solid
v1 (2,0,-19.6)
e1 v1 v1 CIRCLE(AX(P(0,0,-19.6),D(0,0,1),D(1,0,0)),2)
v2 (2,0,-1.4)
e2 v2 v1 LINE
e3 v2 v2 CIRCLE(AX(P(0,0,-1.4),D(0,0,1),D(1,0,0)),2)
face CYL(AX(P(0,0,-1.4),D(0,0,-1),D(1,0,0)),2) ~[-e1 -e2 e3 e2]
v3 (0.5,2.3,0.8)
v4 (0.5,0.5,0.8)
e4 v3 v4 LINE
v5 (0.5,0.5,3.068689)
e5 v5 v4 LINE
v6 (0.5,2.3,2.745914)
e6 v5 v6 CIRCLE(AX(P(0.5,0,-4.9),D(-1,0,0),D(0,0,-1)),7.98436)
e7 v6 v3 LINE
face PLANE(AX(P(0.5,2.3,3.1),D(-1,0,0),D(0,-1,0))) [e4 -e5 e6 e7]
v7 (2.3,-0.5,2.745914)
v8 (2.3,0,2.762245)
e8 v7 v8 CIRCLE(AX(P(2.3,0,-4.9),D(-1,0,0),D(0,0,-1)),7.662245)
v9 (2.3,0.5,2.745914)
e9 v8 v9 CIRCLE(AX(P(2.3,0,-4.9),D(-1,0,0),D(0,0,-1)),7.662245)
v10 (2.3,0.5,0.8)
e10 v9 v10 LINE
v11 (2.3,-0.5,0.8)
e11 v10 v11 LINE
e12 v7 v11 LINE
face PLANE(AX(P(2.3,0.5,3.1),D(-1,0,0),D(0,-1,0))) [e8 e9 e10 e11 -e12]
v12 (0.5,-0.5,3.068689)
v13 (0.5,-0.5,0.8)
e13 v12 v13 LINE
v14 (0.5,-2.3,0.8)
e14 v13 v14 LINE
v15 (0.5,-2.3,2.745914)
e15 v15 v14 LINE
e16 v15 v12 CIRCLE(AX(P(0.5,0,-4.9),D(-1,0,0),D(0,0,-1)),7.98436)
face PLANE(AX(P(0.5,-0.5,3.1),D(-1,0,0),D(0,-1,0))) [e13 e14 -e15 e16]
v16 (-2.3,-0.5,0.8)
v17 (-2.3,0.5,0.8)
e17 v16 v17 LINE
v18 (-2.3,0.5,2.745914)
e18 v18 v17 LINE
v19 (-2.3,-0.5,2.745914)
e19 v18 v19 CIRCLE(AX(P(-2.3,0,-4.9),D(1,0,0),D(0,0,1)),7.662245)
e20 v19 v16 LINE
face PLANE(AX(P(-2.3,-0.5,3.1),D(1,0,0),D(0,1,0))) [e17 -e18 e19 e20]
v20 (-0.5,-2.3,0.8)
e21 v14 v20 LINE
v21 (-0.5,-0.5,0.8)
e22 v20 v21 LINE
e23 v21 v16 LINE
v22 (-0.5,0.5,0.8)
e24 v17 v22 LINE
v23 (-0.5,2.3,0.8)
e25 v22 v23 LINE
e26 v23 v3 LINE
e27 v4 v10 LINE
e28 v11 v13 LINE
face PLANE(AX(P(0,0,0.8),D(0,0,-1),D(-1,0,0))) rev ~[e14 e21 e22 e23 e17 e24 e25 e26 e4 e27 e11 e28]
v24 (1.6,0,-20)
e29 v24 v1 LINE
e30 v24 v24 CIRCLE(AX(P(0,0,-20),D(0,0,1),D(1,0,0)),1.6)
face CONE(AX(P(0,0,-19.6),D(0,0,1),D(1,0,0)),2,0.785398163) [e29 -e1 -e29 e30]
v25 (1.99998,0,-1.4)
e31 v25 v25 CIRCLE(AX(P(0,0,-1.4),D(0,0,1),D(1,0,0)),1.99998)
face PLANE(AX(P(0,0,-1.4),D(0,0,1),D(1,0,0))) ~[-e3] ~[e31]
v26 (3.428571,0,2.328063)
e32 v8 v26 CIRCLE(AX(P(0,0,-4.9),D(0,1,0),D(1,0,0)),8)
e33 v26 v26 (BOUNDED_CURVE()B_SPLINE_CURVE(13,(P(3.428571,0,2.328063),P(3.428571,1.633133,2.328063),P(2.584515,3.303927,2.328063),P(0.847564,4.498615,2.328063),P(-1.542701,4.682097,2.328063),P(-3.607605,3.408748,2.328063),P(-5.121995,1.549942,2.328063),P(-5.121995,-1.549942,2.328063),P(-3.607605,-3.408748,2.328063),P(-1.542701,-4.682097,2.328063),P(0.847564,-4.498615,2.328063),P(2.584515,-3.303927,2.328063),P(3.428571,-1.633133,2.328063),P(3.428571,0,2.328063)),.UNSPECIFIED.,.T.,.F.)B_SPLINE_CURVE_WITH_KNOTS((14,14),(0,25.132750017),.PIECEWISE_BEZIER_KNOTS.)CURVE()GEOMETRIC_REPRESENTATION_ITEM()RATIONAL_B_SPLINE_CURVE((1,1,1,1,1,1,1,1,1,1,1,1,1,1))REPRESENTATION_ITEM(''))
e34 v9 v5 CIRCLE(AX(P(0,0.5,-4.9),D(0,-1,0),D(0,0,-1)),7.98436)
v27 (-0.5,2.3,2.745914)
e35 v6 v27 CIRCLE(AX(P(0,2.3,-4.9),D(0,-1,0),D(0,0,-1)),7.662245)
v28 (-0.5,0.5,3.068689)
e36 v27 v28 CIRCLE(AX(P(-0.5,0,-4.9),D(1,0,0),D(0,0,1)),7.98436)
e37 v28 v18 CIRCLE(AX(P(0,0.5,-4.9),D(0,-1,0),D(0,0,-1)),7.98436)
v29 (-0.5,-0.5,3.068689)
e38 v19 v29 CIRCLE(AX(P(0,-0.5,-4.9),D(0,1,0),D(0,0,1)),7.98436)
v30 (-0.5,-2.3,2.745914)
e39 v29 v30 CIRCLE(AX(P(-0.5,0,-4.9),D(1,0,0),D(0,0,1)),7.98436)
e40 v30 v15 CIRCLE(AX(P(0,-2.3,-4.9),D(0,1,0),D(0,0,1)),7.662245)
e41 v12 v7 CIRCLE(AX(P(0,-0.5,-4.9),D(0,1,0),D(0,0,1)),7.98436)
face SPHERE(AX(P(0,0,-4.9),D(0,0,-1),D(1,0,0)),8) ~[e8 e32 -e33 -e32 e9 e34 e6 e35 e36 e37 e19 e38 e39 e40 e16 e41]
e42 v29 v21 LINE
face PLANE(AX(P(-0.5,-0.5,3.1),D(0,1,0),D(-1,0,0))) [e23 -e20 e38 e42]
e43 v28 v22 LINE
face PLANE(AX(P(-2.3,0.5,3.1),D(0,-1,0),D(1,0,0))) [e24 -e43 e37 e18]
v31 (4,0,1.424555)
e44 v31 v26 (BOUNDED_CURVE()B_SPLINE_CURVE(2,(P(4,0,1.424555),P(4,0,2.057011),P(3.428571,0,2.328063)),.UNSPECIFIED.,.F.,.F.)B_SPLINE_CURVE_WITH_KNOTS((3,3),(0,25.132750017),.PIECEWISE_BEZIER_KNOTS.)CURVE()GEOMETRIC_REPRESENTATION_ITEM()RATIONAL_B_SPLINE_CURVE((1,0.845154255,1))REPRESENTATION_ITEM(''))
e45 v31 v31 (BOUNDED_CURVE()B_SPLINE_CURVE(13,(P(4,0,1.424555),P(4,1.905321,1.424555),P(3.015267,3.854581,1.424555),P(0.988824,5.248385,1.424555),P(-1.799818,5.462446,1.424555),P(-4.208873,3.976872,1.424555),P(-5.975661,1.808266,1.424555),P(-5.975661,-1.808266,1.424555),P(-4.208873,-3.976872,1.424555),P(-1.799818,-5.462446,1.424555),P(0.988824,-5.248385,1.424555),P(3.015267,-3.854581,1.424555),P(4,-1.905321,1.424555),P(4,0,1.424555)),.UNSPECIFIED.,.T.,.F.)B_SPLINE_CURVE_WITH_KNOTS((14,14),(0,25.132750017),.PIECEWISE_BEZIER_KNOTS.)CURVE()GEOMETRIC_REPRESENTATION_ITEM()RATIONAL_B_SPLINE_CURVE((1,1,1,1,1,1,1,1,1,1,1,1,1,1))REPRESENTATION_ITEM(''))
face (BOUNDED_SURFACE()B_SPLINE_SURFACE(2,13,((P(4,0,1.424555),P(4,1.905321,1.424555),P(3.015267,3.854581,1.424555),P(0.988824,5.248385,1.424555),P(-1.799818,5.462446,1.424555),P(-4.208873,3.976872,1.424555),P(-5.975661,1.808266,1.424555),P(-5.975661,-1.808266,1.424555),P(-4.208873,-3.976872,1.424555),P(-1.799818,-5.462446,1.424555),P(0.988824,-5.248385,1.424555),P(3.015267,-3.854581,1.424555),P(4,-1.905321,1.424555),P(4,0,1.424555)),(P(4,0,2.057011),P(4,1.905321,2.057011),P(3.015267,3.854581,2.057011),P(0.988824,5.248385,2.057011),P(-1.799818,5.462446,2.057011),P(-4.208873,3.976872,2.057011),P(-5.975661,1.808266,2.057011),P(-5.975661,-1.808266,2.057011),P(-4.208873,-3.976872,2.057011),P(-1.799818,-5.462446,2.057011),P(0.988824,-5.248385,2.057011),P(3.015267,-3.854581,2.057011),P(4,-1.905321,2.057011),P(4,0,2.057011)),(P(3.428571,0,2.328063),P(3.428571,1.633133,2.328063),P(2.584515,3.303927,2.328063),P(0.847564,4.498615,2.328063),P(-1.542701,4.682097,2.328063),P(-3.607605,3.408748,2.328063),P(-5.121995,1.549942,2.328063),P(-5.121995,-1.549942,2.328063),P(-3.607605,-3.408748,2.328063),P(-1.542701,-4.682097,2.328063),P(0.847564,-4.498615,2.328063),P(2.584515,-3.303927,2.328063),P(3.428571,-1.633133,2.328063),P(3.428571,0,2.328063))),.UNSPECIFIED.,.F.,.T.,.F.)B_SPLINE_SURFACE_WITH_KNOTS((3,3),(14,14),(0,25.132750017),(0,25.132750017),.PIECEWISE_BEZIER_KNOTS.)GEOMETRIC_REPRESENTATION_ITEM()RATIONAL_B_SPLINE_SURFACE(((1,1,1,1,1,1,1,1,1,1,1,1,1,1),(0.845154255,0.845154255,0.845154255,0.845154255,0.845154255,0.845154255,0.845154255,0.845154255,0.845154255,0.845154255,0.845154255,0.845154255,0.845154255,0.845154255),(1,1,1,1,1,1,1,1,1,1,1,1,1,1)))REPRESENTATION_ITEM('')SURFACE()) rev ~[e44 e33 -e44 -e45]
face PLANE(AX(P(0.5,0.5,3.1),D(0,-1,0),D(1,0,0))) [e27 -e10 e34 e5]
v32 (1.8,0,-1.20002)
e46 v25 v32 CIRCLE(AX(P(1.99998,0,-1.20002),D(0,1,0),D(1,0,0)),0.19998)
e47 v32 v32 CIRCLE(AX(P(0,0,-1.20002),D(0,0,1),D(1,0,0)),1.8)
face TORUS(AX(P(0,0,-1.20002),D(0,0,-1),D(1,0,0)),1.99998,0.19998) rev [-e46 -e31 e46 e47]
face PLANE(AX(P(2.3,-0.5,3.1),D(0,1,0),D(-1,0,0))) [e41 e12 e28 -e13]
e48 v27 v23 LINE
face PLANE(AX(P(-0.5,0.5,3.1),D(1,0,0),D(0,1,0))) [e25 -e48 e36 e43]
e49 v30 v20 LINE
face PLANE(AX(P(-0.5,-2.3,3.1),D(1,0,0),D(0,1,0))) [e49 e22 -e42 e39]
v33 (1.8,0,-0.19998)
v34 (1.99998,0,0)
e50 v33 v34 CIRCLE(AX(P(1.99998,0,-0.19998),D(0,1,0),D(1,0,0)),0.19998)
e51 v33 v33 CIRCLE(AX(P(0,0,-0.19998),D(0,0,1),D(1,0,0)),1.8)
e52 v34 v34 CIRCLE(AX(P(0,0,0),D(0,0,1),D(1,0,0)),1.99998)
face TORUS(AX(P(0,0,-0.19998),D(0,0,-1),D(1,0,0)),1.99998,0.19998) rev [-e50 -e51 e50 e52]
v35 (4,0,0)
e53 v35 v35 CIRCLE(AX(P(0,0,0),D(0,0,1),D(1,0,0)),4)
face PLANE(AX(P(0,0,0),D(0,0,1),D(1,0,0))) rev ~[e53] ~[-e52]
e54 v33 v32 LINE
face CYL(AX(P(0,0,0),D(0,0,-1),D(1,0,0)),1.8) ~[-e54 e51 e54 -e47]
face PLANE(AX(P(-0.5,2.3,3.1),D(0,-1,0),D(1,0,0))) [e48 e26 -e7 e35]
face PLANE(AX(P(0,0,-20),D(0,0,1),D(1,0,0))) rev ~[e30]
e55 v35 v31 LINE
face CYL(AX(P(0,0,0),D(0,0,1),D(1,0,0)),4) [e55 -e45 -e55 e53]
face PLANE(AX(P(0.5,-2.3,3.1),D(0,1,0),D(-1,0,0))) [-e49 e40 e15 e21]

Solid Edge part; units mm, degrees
sketch "Sketch1" plane through (0, 0, 0) normal (0, -1, 0) x (1, 0, 0)
  line L0 (4, 0) -> (1.8, 0)
  line L1 (1.8, 0) -> (1.8, -1.4)
  line L2 (1.8, -1.4) -> (2, -1.4)
  line L3 (2, -1.4) -> (2, -20)
  line L4 (2, -20) -> (0, -20)
  arc A0 (0, 3.1) -> (4, 2.0282) centre (0, -4.9) cw
  line L5 (4, 0) -> (4, 2.0282)
  dimension "D1" = 20
  dimension "D2" = 1.4
  dimension "D3" = 0.2
  dimension "D4" = 8
  dimension "D5" = 3.1
revolve "RevolvedProtrusion1" add sketch "Sketch1" angle 360 about axis through (0, 0, -6) along (0, 0, 1)
cosmetic_thread "Thread1" size "M4"
chamfer "Chamfer_1" distance 0.4 angle 45 1 edges at (-2, 0, -20)
fillet "Round1" radius 0.2 2 edges at (-1.8, 0, -1.4) (-1.8, 0, 0)
fillet "Round_3" radius 1 1 edges at (-4, 0, 2.0282)
sketch "Sketch2" plane through (0, 0, 3.1) normal (0, 0, 1) x (1, 0, 0)
  line L0 (-0.5, 0.5) -> (-0.5, 2.3)
  line L1 (-0.5, 2.3) -> (0.5, 2.3)
  line L2 (0.5, 2.3) -> (0.5, 0.5)
  line L3 (0.5, 0.5) -> (2.3, 0.5)
  line L4 (2.3, 0.5) -> (2.3, -0.5)
  line L5 (2.3, -0.5) -> (0.5, -0.5)
  line L6 (0.5, -0.5) -> (0.5, -2.3)
  line L7 (0.5, -2.3) -> (-0.5, -2.3)
  line L8 (-0.5, -2.3) -> (-0.5, -0.5)
  line L9 (-0.5, -0.5) -> (-2.3, -0.5)
  line L10 (-2.3, -0.5) -> (-2.3, 0.5)
  line L11 (-2.3, 0.5) -> (-0.5, 0.5)
  dimension "D1" = 4.6
  dimension "D2" = 1
extrude "ExtrudedCutout_2" cut sketch "Sketch2" against normal blind 2.3
properties material "Galvanized steel"
